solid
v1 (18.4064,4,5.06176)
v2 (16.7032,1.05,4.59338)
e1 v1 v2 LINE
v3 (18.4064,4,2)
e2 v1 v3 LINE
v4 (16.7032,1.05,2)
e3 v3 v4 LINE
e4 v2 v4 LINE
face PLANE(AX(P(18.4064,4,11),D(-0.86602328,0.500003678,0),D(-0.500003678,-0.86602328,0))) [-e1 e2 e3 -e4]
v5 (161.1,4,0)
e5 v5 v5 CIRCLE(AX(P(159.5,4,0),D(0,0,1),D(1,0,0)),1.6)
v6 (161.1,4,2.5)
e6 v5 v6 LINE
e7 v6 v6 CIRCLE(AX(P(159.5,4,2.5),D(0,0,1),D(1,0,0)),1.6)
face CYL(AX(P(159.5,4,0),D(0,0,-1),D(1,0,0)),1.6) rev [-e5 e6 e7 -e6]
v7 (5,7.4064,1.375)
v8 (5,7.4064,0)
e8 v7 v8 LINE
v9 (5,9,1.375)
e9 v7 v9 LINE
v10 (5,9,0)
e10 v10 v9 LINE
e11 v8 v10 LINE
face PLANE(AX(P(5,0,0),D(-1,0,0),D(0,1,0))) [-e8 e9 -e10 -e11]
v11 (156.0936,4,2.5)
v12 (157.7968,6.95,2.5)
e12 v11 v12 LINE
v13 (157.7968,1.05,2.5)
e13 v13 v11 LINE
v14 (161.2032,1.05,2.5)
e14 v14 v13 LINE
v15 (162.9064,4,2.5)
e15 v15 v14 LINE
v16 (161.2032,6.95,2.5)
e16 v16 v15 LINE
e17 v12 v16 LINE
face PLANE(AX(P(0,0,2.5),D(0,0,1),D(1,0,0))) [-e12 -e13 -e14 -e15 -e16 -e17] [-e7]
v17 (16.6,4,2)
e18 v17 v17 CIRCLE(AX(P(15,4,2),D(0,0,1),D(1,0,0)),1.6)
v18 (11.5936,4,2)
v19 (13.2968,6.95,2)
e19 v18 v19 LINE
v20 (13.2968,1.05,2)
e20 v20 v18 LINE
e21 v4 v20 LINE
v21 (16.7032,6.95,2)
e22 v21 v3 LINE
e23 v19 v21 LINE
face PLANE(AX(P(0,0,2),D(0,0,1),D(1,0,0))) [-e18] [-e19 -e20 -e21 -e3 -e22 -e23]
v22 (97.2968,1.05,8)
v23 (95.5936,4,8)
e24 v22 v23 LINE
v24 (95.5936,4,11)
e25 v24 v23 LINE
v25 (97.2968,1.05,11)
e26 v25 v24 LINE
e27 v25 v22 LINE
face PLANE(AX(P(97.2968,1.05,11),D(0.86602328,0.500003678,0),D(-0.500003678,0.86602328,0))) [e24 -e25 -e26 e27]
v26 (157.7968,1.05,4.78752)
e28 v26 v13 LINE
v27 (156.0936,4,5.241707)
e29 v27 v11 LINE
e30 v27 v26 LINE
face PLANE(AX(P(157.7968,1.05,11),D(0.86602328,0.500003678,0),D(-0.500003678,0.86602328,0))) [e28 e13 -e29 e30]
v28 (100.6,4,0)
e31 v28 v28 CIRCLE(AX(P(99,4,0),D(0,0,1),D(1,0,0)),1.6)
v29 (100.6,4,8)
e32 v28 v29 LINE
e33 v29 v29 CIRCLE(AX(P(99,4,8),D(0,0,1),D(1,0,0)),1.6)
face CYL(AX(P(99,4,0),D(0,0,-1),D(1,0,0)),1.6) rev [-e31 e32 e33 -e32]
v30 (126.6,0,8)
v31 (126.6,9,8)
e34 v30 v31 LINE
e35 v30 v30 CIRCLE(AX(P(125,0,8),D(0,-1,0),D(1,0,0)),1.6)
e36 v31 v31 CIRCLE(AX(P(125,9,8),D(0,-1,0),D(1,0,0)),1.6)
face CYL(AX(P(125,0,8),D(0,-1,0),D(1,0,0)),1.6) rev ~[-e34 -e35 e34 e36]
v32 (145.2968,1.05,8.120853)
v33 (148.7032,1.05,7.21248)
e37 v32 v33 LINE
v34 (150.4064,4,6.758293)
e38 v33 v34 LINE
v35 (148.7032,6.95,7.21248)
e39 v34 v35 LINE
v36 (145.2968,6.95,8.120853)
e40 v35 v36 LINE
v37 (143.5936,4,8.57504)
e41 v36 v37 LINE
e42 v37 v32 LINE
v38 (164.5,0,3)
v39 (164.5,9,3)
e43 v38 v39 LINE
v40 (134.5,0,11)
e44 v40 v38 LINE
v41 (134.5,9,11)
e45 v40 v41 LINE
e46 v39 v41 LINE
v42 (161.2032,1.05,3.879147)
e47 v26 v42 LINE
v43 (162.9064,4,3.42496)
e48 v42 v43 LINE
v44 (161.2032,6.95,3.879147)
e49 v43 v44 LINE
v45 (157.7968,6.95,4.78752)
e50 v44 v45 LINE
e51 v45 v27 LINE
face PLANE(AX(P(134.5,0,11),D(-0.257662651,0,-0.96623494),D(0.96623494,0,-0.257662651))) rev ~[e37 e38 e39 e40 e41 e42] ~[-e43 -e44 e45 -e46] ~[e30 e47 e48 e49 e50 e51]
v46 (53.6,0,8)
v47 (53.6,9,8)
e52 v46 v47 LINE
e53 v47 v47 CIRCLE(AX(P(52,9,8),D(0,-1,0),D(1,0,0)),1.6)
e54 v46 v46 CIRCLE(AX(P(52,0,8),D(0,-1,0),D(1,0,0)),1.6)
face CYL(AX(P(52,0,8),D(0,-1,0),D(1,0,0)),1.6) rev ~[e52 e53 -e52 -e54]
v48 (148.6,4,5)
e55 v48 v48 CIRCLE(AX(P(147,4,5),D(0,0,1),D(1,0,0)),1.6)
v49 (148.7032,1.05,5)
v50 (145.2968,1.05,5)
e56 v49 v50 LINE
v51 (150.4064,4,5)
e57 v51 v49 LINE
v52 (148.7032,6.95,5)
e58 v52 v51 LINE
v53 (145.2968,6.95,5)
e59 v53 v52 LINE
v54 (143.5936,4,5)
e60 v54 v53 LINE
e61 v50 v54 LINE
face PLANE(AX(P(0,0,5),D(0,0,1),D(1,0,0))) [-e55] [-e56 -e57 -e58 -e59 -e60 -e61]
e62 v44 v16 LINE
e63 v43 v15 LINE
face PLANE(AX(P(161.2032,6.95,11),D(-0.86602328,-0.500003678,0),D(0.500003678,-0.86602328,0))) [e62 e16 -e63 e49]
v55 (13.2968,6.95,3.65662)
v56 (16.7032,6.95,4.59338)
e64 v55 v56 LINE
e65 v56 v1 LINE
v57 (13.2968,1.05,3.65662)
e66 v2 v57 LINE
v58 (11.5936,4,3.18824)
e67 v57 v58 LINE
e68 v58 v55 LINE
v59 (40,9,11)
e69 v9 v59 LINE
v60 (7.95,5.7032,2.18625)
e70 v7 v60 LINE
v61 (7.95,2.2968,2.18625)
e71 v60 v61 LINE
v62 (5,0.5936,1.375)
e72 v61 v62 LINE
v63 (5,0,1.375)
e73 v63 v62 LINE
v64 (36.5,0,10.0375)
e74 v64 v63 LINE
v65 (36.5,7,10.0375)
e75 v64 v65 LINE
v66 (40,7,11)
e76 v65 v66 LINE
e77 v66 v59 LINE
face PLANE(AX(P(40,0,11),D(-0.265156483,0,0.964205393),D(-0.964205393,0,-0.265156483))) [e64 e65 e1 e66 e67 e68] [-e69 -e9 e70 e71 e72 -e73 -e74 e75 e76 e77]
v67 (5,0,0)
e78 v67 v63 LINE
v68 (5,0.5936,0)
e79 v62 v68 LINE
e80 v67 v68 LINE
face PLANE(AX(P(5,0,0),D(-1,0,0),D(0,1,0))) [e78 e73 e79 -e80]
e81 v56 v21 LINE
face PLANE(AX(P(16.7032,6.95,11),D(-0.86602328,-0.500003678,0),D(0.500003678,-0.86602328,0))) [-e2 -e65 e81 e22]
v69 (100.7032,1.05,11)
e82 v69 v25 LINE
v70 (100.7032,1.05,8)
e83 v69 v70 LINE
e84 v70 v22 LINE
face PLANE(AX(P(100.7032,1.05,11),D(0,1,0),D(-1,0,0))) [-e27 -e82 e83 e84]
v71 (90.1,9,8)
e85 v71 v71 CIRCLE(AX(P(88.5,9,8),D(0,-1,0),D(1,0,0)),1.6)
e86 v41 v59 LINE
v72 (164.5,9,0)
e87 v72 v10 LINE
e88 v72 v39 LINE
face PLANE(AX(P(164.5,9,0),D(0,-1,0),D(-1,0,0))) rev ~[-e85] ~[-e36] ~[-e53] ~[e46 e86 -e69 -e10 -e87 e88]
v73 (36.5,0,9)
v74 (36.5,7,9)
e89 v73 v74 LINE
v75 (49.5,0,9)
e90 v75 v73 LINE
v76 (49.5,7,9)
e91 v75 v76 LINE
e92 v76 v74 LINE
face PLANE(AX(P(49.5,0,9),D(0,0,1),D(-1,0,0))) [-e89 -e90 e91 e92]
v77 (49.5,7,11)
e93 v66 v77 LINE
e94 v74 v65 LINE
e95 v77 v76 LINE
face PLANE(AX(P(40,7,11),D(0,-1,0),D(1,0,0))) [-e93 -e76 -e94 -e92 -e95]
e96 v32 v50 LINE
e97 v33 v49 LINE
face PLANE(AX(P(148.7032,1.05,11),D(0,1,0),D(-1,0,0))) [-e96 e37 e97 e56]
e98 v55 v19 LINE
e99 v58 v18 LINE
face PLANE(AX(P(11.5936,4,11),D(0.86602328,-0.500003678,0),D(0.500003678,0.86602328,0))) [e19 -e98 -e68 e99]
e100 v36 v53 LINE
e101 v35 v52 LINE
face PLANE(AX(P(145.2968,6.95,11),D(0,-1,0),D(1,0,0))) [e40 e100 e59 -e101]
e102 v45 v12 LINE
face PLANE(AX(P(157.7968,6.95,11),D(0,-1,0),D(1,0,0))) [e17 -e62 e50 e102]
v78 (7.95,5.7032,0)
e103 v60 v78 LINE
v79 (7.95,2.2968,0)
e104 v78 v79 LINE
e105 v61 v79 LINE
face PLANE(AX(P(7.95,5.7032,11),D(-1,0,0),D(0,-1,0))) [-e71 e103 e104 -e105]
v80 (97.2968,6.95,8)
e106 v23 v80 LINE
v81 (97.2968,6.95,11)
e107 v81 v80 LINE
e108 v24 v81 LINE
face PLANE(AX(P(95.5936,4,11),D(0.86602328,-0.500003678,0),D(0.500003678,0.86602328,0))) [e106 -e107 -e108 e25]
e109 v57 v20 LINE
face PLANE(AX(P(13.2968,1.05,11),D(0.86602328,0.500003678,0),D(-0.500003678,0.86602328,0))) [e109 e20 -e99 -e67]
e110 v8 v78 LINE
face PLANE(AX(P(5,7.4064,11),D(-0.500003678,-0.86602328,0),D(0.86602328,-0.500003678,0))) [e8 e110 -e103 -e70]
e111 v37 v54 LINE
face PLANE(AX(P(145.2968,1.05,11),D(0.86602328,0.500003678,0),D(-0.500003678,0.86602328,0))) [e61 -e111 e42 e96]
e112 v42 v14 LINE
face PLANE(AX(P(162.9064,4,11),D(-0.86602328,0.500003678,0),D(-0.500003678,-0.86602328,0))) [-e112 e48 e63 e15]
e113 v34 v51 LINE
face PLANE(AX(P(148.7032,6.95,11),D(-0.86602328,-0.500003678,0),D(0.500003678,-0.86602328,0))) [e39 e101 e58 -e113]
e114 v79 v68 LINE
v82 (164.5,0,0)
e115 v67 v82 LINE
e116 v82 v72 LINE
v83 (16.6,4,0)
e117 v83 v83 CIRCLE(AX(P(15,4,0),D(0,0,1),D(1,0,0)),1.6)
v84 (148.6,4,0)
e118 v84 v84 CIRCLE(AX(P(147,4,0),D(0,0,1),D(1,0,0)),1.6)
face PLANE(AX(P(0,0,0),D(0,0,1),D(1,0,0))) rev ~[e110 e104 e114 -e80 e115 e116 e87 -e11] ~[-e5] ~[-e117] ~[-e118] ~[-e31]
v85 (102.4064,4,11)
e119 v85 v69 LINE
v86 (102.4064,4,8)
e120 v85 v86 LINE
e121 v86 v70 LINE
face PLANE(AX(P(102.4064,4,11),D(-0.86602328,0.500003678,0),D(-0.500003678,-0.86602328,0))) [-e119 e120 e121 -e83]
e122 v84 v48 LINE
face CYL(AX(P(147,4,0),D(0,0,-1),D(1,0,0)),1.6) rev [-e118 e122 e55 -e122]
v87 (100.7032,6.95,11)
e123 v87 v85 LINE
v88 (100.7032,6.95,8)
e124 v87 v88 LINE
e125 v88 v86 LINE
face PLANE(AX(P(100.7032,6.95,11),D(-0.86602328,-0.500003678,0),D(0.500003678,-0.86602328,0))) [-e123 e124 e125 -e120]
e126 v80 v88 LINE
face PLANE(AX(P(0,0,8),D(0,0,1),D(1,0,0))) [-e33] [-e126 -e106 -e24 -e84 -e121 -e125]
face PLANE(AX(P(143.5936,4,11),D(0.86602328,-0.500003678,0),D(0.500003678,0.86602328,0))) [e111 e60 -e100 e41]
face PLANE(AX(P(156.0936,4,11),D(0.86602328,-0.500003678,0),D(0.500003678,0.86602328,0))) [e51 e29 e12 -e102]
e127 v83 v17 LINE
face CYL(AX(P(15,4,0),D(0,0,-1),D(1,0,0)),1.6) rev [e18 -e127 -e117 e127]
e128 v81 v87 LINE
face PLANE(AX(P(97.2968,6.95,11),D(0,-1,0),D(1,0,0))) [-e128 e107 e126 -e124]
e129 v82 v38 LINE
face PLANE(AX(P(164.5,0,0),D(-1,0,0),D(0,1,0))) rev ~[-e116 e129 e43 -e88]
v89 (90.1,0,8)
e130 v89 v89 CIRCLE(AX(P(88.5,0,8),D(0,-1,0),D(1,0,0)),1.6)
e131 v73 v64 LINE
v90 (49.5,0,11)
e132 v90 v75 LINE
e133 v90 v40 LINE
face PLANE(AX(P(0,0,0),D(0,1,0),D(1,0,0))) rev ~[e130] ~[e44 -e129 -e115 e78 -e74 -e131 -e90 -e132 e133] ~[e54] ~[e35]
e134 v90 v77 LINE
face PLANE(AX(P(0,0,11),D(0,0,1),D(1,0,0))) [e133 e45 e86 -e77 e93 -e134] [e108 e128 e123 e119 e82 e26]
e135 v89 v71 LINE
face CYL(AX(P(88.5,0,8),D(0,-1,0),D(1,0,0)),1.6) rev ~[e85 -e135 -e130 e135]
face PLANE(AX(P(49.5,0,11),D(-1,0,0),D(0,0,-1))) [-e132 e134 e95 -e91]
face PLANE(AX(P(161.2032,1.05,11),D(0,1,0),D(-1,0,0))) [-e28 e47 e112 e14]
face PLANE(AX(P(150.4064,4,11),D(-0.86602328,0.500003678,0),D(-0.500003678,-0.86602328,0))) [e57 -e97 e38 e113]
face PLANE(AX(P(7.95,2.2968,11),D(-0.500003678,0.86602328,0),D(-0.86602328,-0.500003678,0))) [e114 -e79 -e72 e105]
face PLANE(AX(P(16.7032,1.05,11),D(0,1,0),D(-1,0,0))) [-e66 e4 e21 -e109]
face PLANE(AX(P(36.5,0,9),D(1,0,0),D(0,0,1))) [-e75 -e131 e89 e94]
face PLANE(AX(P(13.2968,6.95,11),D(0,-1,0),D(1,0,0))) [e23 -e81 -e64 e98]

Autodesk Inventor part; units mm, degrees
ref_plane "YZ Plane" through (0, 0, 0) normal (1, 0, 0) x (0, 1, 0)
ref_plane "XZ Plane" through (0, 0, 0) normal (0, 1, 0) x (-1, 0, 0)
ref_plane "XY Plane" through (0, 0, 0) normal (0, 0, 1) x (1, 0, 0)
sketch "Sketch1" plane through (0, 0, 0) normal (0, 0, 1) x (1, 0, 0)
  line L0 (0, 0) -> (164.5, 0)
  line L1 (164.5, 0) -> (164.5, 9)
  line L2 (164.5, 9) -> (0, 9)
  line L3 (0, 9) -> (0, 0)
  circle A0 centre (99, 4) radius 1.6
  circle A1 centre (159.5, 4) radius 1.6
  circle A2 centre (147, 4) radius 1.6
  circle A3 centre (15, 4) radius 1.6
  circle A4 centre (5, 4) radius 1.6
  dimension "d1" = 9
  dimension "d2" = 90
  dimension "d6" = 3.2
  dimension "d7" = 3.2
  dimension "d9" = 60.5
  dimension "d26" = 3.2
  dimension "d27" = 48
  dimension "d28" = 3.2
  dimension "d32" = 15
  dimension "d33" = 5
  dimension "d61" = 3.2
  dimension "d62" = 10
  dimension "d63" = 12.5
  dimension "d108" = 4
  dimension "d109" = 4
  dimension "d111" = 4
  dimension "d112" = 4
  dimension "d113" = 4
ref_plane "Work Plane2" through (0, 0, 0) normal (0, -1, 0) x (1, 0, 0)
sketch "Sketch2" plane through (0, 0, 0) normal (0, -1, 0) x (1, 0, 0)
  circle A0 centre (52, 8) radius 1.6
  circle A1 centre (125, 8) radius 1.6
  circle A2 centre (88.5, 8) radius 1.6
  point P0 (0, 0)
  point P1 (52, 0)
  dimension "d13" = 3.2
  dimension "d15" = 3.2
  dimension "d17" = 3.2
  dimension "d18" = 36.5
  dimension "d64" = 52
  dimension "d65" = 36.5
  dimension "d114" = 8
  dimension "d115" = 73
ref_plane "Work Plane1" through (0, 0, 11) normal (0, 0, 1) x (1, 0, 0)
extrude "klocek" add sketch "Sketch1" along normal blind 11
ref_plane "Work Plane3" through (0, 0, 0) normal (0, -1, 0) x (1, 0, 0)
extrude "prowadzenie osi" cut sketch "Sketch2" against normal up to next
ref_plane "Work Plane4" through (0, 0, 0) normal (0, -1, 0) x (1, 0, 0)
sketch "Sketch7" plane through (0, 0, 0) normal (0, -1, 0) x (1, 0, 0)
  line L0 (0, 11) -> (0, 0)
  line L1 (0, 11) -> (164.5, 11) projected
  line L2 (0, 11) -> (40, 11)
  line L3 (40, 11) -> (0, 0)
  point P0 (0, -1.8333)
  dimension "d86" = 11
  dimension "d87" = 40
sketch "Sketch8" plane through (0, 0, 0) normal (0, -1, 0) x (1, 0, 0)
  line L0 (164.5, 0) -> (164.5, 11) projected
  line L1 (164.5, 11) -> (164.5, 3)
  line L2 (164.5, 11) -> (0, 11) projected
  line L3 (164.5, 11) -> (134.5, 11)
  line L4 (134.5, 11) -> (164.5, 3)
  point P0 (0, 0)
  point P1 (40.8333, 11)
  dimension "d80" = 8
  dimension "d81" = 30
extrude "przedni skos" cut sketch "Sketch7" against normal up to next
extrude "tylni skos" cut sketch "Sketch8" against normal up to next
ref_plane "Work Plane7" through (0, 0, 11) normal (0, 0, 1) x (1, 0, 0)
sketch "Sketch5" plane through (0, 0, 11) normal (0, 0, 1) x (1, 0, 0)
  circle A0 centre (99, 4) radius 1.6 projected
  line L0 (95.5936, 4) -> (97.2968, 6.95)
  line L1 (97.2968, 6.95) -> (100.7032, 6.95)
  line L2 (100.7032, 6.95) -> (102.4064, 4)
  line L3 (102.4064, 4) -> (100.7032, 1.05)
  line L4 (100.7032, 1.05) -> (97.2968, 1.05)
  line L5 (97.2968, 1.05) -> (95.5936, 4)
  point P0 (119.5, 5)
  dimension "d98" = 5.9
extrude "hex insert middle" cut sketch "Sketch5" against normal blind 3
ref_plane "Work Plane6" through (0, 0, 11) normal (0, 0, 1) x (1, 0, 0)
sketch "Sketch9" plane through (0, 0, 11) normal (0, 0, 1) x (1, 0, 0)
  circle A0 centre (147, 4) radius 1.6 projected
  line L0 (150.4064, 4) -> (148.7032, 1.05)
  line L1 (148.7032, 1.05) -> (145.2968, 1.05)
  line L2 (145.2968, 1.05) -> (143.5936, 4)
  line L3 (143.5936, 4) -> (145.2968, 6.95)
  line L4 (145.2968, 6.95) -> (148.7032, 6.95)
  line L5 (148.7032, 6.95) -> (150.4064, 4)
  point P0 (0, 0)
  point P1 (153, 5)
  dimension "d99" = 5.9
extrude "hex insert rear 1" cut sketch "Sketch9" against normal blind 6
ref_plane "Work Plane5" through (0, 0, 11) normal (0, 0, 1) x (1, 0, 0)
sketch "Sketch10" plane through (0, 0, 11) normal (0, 0, 1) x (1, 0, 0)
  circle A0 centre (159.5, 4) radius 1.6 projected
  line L0 (162.9064, 4) -> (161.2032, 1.05)
  line L1 (161.2032, 1.05) -> (157.7968, 1.05)
  line L2 (157.7968, 1.05) -> (156.0936, 4)
  line L3 (156.0936, 4) -> (157.7968, 6.95)
  line L4 (157.7968, 6.95) -> (161.2032, 6.95)
  line L5 (161.2032, 6.95) -> (162.9064, 4)
  point P0 (0, 0)
  dimension "d101" = 5.9
extrude "hex insert rear 2" cut sketch "Sketch10" against normal blind 8.5
sketch "Sketch13" plane through (0, 0, 11) normal (0, 0, 1) x (1, 0, 0)
  line L0 (9.54, 0) -> (-1.59, 0) projected
  line L1 (7.95, 2.2968) -> (5, 0.5936)
  line L2 (5, 0.5936) -> (2.05, 2.2968)
  line L3 (2.05, 2.2968) -> (2.05, 5.7032)
  line L4 (2.05, 5.7032) -> (5, 7.4064)
  line L5 (5, 7.4064) -> (7.95, 5.7032)
  line L6 (7.95, 5.7032) -> (7.95, 2.2968)
  point P0 (0, 0)
  point P1 (5, 4)
  point P2 (5, 4)
  dimension "d117" = 5.9
extrude "hex insert front 1" cut sketch "Sketch13" against normal through all
sketch "Sketch16" plane through (0, 0, 11) normal (0, 0, 1) x (1, 0, 0)
  circle A0 centre (15, 4) radius 1.6 projected
  line L0 (18.4064, 4) -> (16.7032, 1.05)
  line L1 (16.7032, 1.05) -> (13.2968, 1.05)
  line L2 (13.2968, 1.05) -> (11.5936, 4)
  line L3 (11.5936, 4) -> (13.2968, 6.95)
  line L4 (13.2968, 6.95) -> (16.7032, 6.95)
  line L5 (16.7032, 6.95) -> (18.4064, 4)
  point P0 (0, 0)
  dimension "d93" = 5.9
extrude "hex insert front 2" cut sketch "Sketch16" against normal blind 9
sketch "Sketch17" plane through (0, 0, 0) normal (0, 0, -1) x (-1, 0, 0)
  line L0 (0, 9) -> (0, 0) projected
  line L1 (0, 0) -> (-5, 0)
  line L2 (-5, 0) -> (-5, 10.0042)
  line L3 (-5, 10.0042) -> (0, 10.0042)
  line L4 (0, 10.0042) -> (0, 0)
  point P0 (-5, 7.4064)
extrude "Extrusion20" cut sketch "Sketch17" against normal up to next
sketch "Sketch18" plane through (40, 0, 11) normal (0, -1, 0) x (1, 0, 0)
  line L0 (9.5, 0) -> (9.5, -2)
  line L1 (9.5, -2) -> (-3.5, -2)
  line L2 (-3.5, -2) -> (-3.5, 0)
  line L3 (-3.5, 0) -> (9.5, 0)
  line L4 (94.5, 0) -> (0, 0) projected
  circle A0 centre (12, -3) radius 1.6 projected
  line L5 (-35, -11) -> (124.5, -11) projected
  point P0 (-40, -11)
  dimension "d102" = 2
  dimension "d103" = 13
  dimension "d104" = 2.5
extrude "Extrusion21" cut sketch "Sketch18" against normal blind 7 contours L0 L1 L2 L3
properties part number "wheel_support_v3_narrow_with_line_sensor"
